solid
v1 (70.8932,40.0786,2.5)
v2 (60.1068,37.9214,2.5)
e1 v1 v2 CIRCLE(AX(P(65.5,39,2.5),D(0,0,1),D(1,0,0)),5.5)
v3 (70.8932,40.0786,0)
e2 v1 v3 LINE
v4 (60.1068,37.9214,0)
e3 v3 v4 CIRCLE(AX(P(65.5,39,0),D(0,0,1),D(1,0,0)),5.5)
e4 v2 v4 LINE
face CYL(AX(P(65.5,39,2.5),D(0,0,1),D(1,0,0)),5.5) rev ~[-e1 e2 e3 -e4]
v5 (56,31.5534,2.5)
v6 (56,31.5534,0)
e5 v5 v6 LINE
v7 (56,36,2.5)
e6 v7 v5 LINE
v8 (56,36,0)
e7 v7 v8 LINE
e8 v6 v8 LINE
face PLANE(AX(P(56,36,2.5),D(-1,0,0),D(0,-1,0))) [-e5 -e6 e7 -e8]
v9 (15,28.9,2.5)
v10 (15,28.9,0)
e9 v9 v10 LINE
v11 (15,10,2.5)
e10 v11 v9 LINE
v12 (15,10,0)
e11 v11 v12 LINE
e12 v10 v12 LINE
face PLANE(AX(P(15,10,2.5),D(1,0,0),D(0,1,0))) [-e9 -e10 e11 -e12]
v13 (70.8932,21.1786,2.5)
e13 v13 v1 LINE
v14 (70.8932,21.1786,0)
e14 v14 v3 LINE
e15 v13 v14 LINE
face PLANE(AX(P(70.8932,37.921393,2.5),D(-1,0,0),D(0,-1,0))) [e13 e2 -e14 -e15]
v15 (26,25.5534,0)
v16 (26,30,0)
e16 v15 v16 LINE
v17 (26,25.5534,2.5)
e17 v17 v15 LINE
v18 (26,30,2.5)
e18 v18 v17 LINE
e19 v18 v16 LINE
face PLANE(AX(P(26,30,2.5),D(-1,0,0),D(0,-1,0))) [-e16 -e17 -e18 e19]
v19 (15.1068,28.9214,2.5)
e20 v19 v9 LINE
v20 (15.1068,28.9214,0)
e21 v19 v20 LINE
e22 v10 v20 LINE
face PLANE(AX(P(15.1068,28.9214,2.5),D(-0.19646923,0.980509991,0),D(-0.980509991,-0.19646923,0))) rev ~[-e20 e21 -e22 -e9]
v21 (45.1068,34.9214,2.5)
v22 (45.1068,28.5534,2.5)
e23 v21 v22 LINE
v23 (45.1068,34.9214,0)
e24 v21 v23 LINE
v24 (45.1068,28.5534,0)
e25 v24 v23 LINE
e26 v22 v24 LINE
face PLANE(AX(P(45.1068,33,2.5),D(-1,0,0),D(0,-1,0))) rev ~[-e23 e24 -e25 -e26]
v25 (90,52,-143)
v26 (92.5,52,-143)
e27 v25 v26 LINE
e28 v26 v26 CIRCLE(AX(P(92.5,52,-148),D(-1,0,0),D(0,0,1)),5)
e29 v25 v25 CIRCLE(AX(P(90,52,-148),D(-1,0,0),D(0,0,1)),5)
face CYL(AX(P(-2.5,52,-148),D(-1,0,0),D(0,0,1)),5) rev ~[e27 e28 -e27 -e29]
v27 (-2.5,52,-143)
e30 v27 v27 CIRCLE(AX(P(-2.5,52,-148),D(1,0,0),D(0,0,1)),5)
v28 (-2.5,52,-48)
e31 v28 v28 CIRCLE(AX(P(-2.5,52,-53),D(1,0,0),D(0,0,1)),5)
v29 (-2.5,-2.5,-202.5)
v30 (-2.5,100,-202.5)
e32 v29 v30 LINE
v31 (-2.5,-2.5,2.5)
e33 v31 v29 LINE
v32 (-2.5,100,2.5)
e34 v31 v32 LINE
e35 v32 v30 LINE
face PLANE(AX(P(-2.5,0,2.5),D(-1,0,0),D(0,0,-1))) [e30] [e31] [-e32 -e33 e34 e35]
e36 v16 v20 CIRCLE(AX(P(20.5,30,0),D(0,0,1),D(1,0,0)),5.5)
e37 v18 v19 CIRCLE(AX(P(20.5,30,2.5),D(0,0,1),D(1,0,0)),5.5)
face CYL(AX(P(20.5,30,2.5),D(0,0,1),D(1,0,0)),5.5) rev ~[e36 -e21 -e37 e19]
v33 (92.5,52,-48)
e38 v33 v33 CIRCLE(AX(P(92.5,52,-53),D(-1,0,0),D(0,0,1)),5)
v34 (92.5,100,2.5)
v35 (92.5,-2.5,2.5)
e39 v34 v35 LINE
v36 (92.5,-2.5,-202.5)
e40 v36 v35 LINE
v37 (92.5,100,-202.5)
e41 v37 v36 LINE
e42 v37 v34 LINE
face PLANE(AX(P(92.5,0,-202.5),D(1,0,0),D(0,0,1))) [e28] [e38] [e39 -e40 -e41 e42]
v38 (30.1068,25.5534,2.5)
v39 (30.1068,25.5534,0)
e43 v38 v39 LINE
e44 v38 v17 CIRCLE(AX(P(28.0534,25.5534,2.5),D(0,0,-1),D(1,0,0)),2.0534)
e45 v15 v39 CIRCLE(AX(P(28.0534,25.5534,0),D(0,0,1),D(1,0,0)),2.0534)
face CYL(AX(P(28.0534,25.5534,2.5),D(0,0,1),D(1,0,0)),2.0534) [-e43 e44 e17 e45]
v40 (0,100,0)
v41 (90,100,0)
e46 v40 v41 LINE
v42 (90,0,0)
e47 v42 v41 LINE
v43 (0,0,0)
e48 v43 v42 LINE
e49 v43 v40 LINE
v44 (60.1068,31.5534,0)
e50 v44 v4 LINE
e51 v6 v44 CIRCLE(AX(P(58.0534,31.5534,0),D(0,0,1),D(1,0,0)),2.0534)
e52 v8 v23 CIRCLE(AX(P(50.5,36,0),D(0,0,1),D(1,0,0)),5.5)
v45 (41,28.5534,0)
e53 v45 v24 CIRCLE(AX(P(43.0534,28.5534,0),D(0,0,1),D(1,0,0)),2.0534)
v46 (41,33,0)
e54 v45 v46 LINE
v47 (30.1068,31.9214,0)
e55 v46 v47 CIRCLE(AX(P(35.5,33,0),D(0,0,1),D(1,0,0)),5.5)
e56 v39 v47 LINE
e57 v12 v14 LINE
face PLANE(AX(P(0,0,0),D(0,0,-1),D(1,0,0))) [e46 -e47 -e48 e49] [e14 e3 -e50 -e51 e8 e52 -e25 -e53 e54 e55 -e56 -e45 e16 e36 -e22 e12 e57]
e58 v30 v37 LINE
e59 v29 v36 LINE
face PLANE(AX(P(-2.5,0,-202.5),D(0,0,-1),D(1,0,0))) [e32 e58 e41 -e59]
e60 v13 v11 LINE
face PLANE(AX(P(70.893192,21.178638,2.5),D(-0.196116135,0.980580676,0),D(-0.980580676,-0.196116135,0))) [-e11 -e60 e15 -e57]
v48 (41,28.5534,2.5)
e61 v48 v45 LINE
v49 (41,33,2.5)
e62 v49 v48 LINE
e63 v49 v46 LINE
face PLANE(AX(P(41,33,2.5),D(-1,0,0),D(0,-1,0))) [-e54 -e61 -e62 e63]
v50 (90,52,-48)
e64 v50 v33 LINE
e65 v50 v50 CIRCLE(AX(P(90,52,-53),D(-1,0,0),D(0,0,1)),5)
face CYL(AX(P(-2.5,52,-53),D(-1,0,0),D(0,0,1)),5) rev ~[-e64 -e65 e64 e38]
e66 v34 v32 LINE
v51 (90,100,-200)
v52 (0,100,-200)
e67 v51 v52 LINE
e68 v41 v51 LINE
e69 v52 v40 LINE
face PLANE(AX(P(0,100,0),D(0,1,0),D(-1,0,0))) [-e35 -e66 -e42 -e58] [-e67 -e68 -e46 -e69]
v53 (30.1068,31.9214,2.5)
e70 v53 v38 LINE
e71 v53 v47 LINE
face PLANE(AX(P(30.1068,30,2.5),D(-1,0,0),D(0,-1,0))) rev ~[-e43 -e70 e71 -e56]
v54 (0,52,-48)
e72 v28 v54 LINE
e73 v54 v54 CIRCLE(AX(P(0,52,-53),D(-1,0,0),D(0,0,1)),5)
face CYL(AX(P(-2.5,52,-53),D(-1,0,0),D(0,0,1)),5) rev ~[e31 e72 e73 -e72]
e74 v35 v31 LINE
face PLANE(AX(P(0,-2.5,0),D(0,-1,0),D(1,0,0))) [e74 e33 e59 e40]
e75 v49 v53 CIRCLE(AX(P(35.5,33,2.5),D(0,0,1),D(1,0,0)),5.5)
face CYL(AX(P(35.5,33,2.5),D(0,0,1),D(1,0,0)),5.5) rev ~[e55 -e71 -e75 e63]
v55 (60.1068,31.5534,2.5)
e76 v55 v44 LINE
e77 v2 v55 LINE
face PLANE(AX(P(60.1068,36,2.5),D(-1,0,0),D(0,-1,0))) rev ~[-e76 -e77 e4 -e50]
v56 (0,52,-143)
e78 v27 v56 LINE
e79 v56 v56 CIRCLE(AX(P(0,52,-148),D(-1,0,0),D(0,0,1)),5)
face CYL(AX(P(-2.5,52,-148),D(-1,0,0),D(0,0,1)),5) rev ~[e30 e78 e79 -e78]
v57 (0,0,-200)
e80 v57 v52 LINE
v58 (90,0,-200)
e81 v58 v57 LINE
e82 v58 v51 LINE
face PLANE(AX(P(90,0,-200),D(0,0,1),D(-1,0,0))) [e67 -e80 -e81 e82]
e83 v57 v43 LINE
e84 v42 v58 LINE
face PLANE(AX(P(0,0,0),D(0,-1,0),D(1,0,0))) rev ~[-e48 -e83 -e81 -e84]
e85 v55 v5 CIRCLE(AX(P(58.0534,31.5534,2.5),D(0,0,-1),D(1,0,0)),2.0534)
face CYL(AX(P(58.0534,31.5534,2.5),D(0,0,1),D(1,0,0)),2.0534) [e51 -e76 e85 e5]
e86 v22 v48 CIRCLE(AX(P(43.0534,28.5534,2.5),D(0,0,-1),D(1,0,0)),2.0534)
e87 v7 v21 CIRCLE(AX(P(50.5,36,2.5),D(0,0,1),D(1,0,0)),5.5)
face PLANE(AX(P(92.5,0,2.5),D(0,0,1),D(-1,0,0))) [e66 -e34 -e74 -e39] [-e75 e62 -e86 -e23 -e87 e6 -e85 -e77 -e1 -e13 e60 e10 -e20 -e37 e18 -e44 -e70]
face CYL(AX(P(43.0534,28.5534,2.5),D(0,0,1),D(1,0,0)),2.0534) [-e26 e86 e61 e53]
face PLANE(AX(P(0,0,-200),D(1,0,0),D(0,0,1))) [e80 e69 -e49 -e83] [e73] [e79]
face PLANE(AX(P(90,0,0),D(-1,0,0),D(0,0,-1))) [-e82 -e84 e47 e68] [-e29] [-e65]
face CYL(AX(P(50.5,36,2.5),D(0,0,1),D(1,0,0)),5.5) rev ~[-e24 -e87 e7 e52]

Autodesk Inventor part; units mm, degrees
ref_plane "YZ Plane" through (0, 0, 0) normal (1, 0, 0) x (0, 1, 0)
ref_plane "XZ Plane" through (0, 0, 0) normal (0, 1, 0) x (-1, 0, 0)
ref_plane "XY Plane" through (0, 0, 0) normal (0, 0, 1) x (1, 0, 0)
sketch "Sketch1" plane through (0, 0, 0) normal (0, 1, 0) x (-1, 0, 0)
  line L0 (0, 0) -> (-90, 0)
  line L1 (-90, 0) -> (-90, -200)
  line L2 (-90, -200) -> (0, -200)
  line L3 (0, -200) -> (0, 0)
  line L4 (2.5, -202.5) -> (-92.5, -202.5)
  line L5 (-92.5, -202.5) -> (-92.5, 2.5)
  line L6 (-92.5, 2.5) -> (2.5, 2.5)
  line L7 (2.5, 2.5) -> (2.5, -202.5)
  line L8 (2.5, -202.5) -> (-92.5, 2.5) construction
  line L9 (-92.5, -202.5) -> (2.5, 2.5) construction
  point P0 (-45, -100)
  dimension "d0" = 90
  dimension "d1" = 200
  dimension "d2" = 95
  dimension "d3" = 205
extrude "Extrusion1" add sketch "Sketch1" along normal blind 100
sketch "Sketch2" plane through (0, 0, 0) normal (0, -1, 0) x (1, 0, 0)
  line L0 (92.5, 2.5) -> (-2.5, 2.5)
  line L1 (-2.5, 2.5) -> (-2.5, -202.5)
  line L2 (-2.5, -202.5) -> (92.5, -202.5)
  line L3 (92.5, -202.5) -> (92.5, 2.5)
  point P0 (0, 0)
extrude "Extrusion2" add sketch "Sketch2" along normal blind 2.5
sketch "Sketch3" plane through (-2.5, 100, 2.5) normal (0, 0, 1) x (1, 0, 0)
  line L0 (2.5, -100) -> (17.5, -100)
  line L1 (92.5, -100) -> (2.5, -100) projected
  line L2 (17.5, -100) -> (17.5, -90)
  line L3 (17.5, -90) -> (77.5, -90)
  line L4 (77.5, -90) -> (77.5, -78)
  line L5 (77.5, -78) -> (17.5, -90)
  line L6 (17.5, -90) -> (17.5, -80)
  line L7 (17.5, -80) -> (17.5, -70)
  line L8 (17.5, -70) -> (23, -70)
  circle A0 centre (23, -70) radius 5.5
  line L9 (28.5, -70) -> (28.5, -76.5)
  line L10 (96.033, -55.3934) -> (23, -70)
  line L11 (17.6068, -71.0786) -> (17.5, -71.1)
  line L12 (23, -70) -> (38, -70)
  line L13 (38, -70) -> (38, -67)
  circle A1 centre (38, -67) radius 5.5
  line L14 (38, -67) -> (53, -67)
  line L15 (53, -67) -> (53, -64)
  line L16 (53, -64) -> (68, -64)
  line L17 (68, -64) -> (68, -61)
  circle A2 centre (53, -64) radius 5.5
  circle A3 centre (68, -61) radius 5.5
  line L18 (32.6068, -68.0786) -> (32.6068, -76.5)
  line L19 (43.5, -67) -> (43.5, -73.5)
  line L20 (47.6068, -65.0786) -> (47.6068, -73.5)
  line L21 (58.5, -64) -> (58.5, -70.5)
  line L22 (62.6068, -62.0786) -> (62.6068, -70.5)
  line L23 (73.3932, -59.9214) -> (73.3932, -78.8214)
  line L24 (28.5, -76.5) -> (32.6068, -76.5)
  line L25 (43.5, -73.5) -> (47.6068, -73.5)
  line L26 (58.5, -70.5) -> (62.6068, -70.5)
  circle A4 centre (30.5534, -74.4466) radius 2.0534
  circle A5 centre (45.5534, -71.4466) radius 2.0534
  circle A6 centre (60.5534, -68.4466) radius 2.0534
  point P0 (32.6068, -74.4466)
  point P1 (28.5, -74.4466)
  point P2 (62.6068, -68.4466)
  point P3 (58.5, -68.4466)
  point P4 (47.6068, -71.4466)
  point P5 (43.5, -71.4466)
  dimension "d9" = 15
  dimension "d10" = 10
  dimension "d11" = 90
  dimension "d12" = 60
  dimension "d13" = 12
  dimension "d14" = 10
  dimension "d15" = 10
  dimension "d16" = 5.5
  dimension "d17" = 6.5
  dimension "d18" = 15
  dimension "d19" = 11
  dimension "d20" = 15
  dimension "d21" = 15
  dimension "d22" = 11
  dimension "d23" = 11
  dimension "d24" = 6.5
  dimension "d25" = 6.5
extrude "Extrusion3" cut sketch "Sketch3" against normal blind 15 contours L6 L7 L11 A0 L9 L24 L18 L12 A1 L19 L25 L20 L14 A2 L21 L26 L22 L16 A3 L23 L5 | A3 L16 L17 L10 L23 | A3 L10 L17 L16 | L16 L22 A3 | L10 A3 | A0 L10 L8 | L8 L12 A0 | L10 A0 L12 | A2 L14 L15 L16 | L16 L10 A2 | L22 L26 A6 | L10 A2 | A1 L10 | L10 L13 L12 A1 | A1 L12 L18 | A4 L24 L9 | L15 L14 A2 L10 | L14 L20 A2 | A6 L26 L21 | L14 A1 L12 L13 | L10 A1 L14 | L18 L24 A4 | L20 L25 A5 | A5 L25 L19
sketch "Sketch4" plane through (-2.5, 100, -202.5) normal (-1, 0, 0) x (0, 0, 1)
  line L0 (202.5, -100) -> (2.5, -100) projected
  line L1 (2.5, -100) -> (2.5, -90)
  line L2 (2.5, -100) -> (2.5, 0) projected
  line L3 (2.5, -90) -> (54.5, -90)
  line L4 (54.5, -90) -> (54.5, -48)
  circle A0 centre (54.5, -48) radius 5
  line L5 (54.5, -48) -> (149.5, -48)
  circle A1 centre (149.5, -48) radius 5
  dimension "d28" = 10
  dimension "d29" = 52
  dimension "d30" = 42
  dimension "d31" = 10
  dimension "d32" = 95
  dimension "d33" = 10
extrude "Extrusion4" cut sketch "Sketch4" against normal through all
equation "\"d26\" = d20"
properties part number "Box"
